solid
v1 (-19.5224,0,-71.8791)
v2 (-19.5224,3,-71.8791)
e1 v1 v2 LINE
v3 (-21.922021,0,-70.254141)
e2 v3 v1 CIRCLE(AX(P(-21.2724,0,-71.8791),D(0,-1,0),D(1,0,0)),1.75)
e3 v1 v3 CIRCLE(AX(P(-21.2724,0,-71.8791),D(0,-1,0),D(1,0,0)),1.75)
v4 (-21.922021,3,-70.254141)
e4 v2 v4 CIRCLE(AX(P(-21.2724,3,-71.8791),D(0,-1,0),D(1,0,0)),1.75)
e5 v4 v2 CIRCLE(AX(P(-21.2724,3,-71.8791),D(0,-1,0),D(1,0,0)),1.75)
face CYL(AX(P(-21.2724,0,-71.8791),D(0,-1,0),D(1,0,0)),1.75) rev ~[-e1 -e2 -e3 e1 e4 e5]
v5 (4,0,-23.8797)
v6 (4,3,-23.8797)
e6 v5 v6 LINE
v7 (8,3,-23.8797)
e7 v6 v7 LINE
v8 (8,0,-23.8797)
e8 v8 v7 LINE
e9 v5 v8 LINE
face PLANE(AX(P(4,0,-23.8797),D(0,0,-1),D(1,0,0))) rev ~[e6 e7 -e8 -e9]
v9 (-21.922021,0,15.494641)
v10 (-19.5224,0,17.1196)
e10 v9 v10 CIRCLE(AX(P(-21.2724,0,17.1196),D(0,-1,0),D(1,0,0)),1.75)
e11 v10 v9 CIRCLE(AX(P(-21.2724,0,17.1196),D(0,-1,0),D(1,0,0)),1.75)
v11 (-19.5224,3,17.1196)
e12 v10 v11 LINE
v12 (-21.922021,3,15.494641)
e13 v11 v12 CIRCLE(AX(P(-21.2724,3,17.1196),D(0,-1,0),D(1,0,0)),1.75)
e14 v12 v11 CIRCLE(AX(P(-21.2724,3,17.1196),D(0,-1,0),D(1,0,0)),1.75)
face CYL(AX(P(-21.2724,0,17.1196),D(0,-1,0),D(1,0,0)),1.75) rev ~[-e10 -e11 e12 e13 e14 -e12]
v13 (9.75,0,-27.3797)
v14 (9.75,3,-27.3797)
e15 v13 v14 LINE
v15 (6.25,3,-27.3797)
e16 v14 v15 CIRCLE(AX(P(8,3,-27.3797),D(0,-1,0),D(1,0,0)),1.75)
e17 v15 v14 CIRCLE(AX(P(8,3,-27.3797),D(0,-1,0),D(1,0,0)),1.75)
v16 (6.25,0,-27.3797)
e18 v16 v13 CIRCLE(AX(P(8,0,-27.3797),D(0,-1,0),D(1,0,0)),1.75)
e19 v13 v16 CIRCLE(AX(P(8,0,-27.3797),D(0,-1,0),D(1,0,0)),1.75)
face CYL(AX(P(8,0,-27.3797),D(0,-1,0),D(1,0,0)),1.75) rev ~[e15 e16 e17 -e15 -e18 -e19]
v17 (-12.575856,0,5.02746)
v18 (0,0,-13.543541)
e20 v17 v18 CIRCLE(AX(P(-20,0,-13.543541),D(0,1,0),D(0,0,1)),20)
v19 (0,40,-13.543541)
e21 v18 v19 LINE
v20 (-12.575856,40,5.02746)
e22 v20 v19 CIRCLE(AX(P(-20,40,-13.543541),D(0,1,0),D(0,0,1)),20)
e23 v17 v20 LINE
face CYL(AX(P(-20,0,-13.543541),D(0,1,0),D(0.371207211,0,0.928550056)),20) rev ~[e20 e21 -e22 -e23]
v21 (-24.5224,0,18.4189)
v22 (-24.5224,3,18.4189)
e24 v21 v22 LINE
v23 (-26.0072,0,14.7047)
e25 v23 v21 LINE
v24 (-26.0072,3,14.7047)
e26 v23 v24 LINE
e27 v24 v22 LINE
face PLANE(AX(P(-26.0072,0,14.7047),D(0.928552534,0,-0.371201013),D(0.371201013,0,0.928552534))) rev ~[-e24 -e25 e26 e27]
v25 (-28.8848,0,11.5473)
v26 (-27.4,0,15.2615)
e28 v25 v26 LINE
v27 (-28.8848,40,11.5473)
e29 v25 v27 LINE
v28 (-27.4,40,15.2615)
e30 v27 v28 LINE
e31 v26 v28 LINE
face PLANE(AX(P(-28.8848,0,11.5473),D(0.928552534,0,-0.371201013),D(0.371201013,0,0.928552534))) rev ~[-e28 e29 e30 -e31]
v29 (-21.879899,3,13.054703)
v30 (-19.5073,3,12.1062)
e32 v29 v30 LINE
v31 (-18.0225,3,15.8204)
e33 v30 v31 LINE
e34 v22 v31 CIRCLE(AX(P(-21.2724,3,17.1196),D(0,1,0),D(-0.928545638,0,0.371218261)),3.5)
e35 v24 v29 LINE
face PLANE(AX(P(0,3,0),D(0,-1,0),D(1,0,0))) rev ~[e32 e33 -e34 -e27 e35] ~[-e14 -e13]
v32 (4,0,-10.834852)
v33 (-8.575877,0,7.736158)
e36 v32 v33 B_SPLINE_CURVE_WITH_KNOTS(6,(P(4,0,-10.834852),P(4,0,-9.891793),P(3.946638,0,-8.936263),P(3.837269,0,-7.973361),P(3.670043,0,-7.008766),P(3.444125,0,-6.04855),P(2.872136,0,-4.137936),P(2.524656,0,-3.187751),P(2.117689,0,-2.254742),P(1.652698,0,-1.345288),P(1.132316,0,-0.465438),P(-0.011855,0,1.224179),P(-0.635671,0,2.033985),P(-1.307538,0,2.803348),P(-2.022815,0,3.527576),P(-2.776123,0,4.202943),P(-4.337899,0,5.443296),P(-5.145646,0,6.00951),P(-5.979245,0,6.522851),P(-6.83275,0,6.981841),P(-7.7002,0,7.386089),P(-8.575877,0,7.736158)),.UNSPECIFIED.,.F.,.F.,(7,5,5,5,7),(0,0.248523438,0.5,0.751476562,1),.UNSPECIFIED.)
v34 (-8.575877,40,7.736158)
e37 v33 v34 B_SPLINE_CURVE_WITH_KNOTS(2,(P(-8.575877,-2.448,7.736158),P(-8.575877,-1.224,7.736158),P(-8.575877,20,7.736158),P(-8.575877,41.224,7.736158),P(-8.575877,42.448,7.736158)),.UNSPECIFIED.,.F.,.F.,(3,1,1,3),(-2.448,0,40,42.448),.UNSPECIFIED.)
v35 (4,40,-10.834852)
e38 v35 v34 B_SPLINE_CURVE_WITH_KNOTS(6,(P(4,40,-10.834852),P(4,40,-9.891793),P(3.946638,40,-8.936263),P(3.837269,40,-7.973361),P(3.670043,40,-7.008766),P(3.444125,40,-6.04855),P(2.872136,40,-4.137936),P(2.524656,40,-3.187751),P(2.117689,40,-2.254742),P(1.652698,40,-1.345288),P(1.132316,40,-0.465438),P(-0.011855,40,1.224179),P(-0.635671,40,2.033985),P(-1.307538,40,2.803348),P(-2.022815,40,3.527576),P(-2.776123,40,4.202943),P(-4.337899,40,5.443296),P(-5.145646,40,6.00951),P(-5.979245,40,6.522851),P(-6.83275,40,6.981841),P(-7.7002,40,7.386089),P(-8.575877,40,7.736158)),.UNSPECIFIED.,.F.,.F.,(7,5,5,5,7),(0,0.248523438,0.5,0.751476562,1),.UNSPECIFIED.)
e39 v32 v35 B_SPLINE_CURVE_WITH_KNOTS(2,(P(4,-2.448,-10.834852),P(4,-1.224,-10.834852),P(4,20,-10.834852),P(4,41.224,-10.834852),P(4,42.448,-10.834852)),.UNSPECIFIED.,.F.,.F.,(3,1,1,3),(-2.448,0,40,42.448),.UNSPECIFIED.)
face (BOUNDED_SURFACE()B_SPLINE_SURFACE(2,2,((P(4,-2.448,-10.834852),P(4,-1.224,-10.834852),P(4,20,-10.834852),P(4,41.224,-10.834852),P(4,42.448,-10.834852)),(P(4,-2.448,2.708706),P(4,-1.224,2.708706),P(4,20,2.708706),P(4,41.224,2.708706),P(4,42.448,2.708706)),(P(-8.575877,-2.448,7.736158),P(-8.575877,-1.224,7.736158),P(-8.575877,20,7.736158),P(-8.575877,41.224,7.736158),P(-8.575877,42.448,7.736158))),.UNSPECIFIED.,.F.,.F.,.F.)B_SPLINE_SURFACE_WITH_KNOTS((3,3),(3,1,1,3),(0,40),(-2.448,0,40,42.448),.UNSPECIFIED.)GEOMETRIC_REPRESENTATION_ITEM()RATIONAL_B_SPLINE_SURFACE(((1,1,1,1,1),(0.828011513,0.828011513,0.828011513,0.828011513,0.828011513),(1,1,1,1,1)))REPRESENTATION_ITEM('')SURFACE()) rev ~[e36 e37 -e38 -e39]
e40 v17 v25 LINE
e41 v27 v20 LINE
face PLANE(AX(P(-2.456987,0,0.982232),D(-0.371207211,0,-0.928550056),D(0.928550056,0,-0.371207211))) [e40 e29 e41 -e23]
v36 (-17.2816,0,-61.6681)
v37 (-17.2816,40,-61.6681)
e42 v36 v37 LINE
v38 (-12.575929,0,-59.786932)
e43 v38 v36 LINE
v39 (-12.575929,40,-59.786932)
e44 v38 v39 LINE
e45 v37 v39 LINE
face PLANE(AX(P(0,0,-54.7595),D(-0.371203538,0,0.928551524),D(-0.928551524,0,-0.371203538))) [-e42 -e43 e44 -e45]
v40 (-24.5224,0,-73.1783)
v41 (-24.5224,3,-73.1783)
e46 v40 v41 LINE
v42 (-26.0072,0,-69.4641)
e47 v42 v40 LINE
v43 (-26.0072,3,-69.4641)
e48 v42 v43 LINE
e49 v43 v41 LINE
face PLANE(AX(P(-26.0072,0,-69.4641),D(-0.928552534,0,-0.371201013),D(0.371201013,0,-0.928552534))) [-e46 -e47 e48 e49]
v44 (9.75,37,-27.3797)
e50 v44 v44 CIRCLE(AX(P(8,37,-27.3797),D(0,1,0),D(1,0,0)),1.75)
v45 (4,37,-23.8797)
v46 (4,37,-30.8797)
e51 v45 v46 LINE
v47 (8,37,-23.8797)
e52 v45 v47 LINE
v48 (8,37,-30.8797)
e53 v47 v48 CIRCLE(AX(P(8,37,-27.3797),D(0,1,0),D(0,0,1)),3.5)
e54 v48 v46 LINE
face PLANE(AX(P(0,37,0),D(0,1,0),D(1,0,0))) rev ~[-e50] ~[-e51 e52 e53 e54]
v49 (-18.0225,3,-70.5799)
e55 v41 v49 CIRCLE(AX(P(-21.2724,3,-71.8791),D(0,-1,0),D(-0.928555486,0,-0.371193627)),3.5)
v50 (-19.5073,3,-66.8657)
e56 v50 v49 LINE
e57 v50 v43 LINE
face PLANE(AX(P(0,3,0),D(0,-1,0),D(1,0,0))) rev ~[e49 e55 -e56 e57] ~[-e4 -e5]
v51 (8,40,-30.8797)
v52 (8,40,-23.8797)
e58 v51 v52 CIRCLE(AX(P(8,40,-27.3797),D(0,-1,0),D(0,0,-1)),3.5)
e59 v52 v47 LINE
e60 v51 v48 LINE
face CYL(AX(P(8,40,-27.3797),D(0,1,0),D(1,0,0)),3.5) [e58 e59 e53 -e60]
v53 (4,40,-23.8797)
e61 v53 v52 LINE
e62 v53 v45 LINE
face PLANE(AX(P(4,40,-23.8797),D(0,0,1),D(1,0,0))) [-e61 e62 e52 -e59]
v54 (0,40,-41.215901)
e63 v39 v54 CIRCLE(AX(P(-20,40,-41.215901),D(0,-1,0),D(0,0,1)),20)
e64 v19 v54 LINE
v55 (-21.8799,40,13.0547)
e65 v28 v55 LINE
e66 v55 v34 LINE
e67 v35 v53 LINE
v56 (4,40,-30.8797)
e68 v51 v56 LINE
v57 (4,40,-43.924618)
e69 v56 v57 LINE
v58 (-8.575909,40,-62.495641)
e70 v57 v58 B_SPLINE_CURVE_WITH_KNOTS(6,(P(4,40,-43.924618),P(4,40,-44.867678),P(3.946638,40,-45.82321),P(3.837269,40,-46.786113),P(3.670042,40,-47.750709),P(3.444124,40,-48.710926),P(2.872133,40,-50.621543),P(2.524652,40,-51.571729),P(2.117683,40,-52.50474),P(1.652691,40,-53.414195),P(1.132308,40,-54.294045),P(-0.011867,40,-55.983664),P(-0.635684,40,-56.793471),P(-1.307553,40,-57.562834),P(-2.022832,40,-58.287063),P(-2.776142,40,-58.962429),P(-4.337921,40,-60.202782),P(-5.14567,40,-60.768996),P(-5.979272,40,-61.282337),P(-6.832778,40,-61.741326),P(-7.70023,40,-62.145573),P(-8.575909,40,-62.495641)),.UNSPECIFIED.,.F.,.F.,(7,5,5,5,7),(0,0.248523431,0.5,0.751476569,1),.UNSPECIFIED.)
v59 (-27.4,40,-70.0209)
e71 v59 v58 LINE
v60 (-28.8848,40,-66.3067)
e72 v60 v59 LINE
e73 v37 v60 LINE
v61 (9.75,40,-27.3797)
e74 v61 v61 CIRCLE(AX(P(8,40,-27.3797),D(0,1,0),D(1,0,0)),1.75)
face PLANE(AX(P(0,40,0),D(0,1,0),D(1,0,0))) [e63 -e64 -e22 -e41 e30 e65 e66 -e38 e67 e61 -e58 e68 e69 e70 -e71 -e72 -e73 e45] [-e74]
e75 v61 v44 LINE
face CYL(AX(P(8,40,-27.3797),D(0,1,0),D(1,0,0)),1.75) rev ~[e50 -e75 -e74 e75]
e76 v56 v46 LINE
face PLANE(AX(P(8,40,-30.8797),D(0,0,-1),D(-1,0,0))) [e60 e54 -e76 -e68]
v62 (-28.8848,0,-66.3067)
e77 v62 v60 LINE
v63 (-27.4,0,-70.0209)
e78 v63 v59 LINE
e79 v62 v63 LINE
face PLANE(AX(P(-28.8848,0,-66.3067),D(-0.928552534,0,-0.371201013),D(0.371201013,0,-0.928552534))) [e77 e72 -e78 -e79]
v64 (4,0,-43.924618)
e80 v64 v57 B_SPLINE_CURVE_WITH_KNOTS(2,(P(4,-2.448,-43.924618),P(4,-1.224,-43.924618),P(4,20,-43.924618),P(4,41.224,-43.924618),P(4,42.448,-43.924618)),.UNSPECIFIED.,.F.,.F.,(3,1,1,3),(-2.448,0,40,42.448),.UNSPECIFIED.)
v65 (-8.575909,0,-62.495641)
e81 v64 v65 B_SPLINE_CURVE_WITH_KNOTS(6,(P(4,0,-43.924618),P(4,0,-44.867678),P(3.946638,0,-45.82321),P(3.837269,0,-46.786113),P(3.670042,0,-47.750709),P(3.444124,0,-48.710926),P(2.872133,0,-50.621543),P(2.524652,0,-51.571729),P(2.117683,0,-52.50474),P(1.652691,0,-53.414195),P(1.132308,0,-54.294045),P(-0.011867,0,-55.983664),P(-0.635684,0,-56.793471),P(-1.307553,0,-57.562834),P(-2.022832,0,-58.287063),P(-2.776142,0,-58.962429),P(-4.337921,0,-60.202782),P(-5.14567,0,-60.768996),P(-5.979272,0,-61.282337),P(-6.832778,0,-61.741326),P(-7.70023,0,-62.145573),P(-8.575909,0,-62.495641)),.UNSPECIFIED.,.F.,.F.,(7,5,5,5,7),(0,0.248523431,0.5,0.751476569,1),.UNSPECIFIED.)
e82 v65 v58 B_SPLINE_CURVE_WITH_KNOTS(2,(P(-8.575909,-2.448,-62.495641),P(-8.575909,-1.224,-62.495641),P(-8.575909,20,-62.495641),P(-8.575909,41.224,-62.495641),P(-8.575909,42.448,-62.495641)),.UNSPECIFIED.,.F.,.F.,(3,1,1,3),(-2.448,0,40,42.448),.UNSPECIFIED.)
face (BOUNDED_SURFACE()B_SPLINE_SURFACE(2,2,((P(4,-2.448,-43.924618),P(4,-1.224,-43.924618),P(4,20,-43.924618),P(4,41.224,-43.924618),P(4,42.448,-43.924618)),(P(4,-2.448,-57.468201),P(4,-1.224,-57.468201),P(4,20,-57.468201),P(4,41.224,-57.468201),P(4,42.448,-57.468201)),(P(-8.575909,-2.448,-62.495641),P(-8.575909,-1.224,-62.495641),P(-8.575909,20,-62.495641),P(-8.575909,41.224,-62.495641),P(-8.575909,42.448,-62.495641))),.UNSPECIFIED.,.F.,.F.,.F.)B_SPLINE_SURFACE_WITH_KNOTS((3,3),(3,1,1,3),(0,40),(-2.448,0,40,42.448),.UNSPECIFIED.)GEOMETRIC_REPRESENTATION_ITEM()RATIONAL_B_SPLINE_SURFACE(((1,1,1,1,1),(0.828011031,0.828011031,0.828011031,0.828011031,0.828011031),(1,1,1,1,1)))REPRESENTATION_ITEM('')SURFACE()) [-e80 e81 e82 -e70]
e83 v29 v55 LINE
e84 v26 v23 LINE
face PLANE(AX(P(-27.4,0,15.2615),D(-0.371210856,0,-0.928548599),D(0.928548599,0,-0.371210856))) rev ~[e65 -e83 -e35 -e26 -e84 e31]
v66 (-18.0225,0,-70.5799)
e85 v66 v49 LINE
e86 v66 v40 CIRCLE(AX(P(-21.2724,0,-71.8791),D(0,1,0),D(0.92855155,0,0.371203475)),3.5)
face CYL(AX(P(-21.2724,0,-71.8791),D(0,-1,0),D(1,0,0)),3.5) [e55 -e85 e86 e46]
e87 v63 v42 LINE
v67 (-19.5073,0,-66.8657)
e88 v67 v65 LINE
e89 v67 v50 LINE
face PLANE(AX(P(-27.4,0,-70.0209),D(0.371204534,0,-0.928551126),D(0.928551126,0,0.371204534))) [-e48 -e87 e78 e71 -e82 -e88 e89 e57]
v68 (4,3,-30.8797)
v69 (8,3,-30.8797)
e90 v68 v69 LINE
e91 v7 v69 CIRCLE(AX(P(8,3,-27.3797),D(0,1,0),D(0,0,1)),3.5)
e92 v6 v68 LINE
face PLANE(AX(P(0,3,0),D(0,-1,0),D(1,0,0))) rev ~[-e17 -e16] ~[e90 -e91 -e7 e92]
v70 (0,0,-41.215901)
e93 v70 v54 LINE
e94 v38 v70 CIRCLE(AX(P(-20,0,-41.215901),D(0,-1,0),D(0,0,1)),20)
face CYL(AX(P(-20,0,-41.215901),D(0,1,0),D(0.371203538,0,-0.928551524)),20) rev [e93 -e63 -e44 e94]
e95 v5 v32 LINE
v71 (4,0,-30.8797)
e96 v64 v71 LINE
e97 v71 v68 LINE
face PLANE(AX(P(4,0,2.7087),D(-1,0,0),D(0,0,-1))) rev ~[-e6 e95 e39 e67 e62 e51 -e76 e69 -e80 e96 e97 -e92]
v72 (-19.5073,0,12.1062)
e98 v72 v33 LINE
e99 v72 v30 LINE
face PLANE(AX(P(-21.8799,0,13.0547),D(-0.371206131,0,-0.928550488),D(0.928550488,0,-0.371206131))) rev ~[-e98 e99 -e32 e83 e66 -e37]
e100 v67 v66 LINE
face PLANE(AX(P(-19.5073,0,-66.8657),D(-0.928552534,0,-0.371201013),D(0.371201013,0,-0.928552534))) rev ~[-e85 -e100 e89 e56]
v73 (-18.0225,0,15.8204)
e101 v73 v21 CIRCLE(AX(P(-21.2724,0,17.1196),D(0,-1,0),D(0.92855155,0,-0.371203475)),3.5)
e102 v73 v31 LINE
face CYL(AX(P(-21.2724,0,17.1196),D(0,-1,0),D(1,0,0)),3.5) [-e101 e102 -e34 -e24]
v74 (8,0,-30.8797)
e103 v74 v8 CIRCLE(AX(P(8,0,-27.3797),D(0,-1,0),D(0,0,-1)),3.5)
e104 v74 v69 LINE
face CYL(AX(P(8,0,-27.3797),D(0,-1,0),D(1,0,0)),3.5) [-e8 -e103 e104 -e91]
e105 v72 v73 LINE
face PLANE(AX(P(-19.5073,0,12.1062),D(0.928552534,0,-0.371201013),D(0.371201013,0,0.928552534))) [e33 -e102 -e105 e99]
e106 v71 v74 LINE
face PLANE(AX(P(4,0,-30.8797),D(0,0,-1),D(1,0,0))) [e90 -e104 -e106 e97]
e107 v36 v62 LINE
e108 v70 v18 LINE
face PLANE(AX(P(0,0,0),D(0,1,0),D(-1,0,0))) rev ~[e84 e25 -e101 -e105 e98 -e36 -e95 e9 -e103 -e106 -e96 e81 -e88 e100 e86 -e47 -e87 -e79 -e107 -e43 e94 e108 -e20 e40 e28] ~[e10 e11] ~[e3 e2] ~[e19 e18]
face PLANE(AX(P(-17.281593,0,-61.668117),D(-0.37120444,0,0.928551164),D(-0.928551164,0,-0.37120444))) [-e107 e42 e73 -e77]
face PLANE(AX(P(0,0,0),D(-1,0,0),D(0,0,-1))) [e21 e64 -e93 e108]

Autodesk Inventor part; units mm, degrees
ref_plane "YZ Plane" through (0, 0, 0) normal (1, 0, 0) x (0, 1, 0)
ref_plane "XZ Plane" through (0, 0, 0) normal (0, 1, 0) x (-1, 0, 0)
ref_plane "XY Plane" through (0, 0, 0) normal (0, 0, 1) x (1, 0, 0)
sketch "Sketch1" plane through (0, 0, 0) normal (0, 1, 0) x (-1, 0, 0)
  line L0 (0, 0) -> (0, -54.7595)
  line L1 (0, -54.7595) -> (17.2816, -61.6681)
  line L2 (0, -54.7595) -> (18.6114, -54.7595) construction
  line L3 (0, -54.7595) -> (28.8848, -66.3067)
  line L4 (28.8848, -66.3067) -> (28.8848, -54.7595)
  line L5 (28.8848, -54.7595) -> (28.8848, 0)
  line L6 (28.8848, 0) -> (28.8848, 11.5473)
  line L7 (28.8848, 11.5473) -> (0, 0)
  line L8 (0, -50.5358) -> (-4, -50.5358)
  line L9 (3.9418, -56.3353) -> (2.457, -60.0495)
  line L10 (2.457, -60.0495) -> (-4, -57.4682)
  line L11 (-4, -57.4682) -> (-4, -50.5358)
  line L12 (28.8848, -66.3067) -> (27.4, -70.0209)
  line L13 (27.4, -70.0209) -> (2.457, -60.0495)
  line L14 (0, -3.5872) -> (-4, -3.5872)
  line L15 (-4, -3.5872) -> (-4, -50.5358)
  line L16 (2.457, 0.9822) -> (0.9721, 4.6964)
  line L17 (0.9721, 4.6964) -> (-4, 2.7087)
  line L18 (-4, 2.7087) -> (-4, -3.5872)
  line L19 (23.3647, 9.3405) -> (21.8799, 13.0547)
  line L20 (21.8799, 13.0547) -> (0.9721, 4.6964)
  line L21 (28.8848, 11.5473) -> (27.4, 15.2615)
  line L22 (27.4, 15.2615) -> (21.8799, 13.0547)
  dimension "d0" = 54.7595
  dimension "d1" = 21.79
  dimension "d2" = 31.1075
  dimension "d3" = 11.5473
  dimension "d4" = 11.5473
  dimension "d5" = 4
  dimension "d6" = 4
  dimension "d7" = 4
extrude "Extrusion1" add sketch "Sketch1" along normal blind 40 contours L0 L14 L18 L17 L16 L7 | L0 L8 L15 L14 | L16 L20 L19 L7 | L0 L1 L9 L10 L11 L8 | L19 L22 L21 L7 | L1 L3 L12 L13 L9
sketch "Sketch2" plane through (0, 0, 0) normal (0, -1, 0) x (1, 0, 0)
  line L0 (0, -54.7595) -> (0, 0) projected
  line L1 (0, -27.3797) -> (8, -27.3797)
  circle A0 centre (8, -27.3797) radius 1.75
  circle A1 centre (8, -27.3797) radius 3.5
  line L2 (4, 2.7087) -> (4, -57.4682) projected
  line L3 (4, -27.3797) -> (4, -30.8797)
  line L4 (4, -30.8797) -> (8, -30.8797)
  line L5 (4, -27.3797) -> (4, -23.8797)
  line L6 (4, -23.8797) -> (8, -23.8797)
  line L7 (-27.4, -70.0209) -> (-28.8848, -66.3067) projected
  line L8 (-28.8848, -66.3067) -> (-27.0288, -70.9495)
  line L9 (-27.0288, -70.9495) -> (-28.8848, -66.3067)
  line L10 (-28.8848, -66.3067) -> (-24.2421, -64.4507)
  line L11 (-24.2421, -64.4507) -> (-21.2724, -71.8791)
  circle A2 centre (-21.2724, -71.8791) radius 1.75
  circle A3 centre (-21.2724, -71.8791) radius 3.5
  line L12 (4, -57.4682) -> (-27.4, -70.0209) projected
  line L13 (-22.7573, -68.1649) -> (-26.0072, -69.4641)
  line L14 (-26.0072, -69.4641) -> (-24.5224, -73.1783)
  line L15 (-22.7573, -68.1649) -> (-19.5073, -66.8657)
  line L16 (-19.5073, -66.8657) -> (-18.0225, -70.5799)
  line L17 (-28.8848, 11.5473) -> (-24.2421, 9.6912)
  line L18 (0, 0) -> (-28.8848, 11.5473) projected
  line L19 (-24.2421, 9.6912) -> (-21.2724, 17.1196)
  circle A4 centre (-21.2724, 17.1196) radius 1.75
  circle A5 centre (-21.2724, 17.1196) radius 3.5
  line L20 (-27.4, 15.2615) -> (4, 2.7087) projected
  line L21 (-22.7573, 13.4054) -> (-26.0072, 14.7047)
  line L22 (-26.0072, 14.7047) -> (-24.5224, 18.4189)
  line L23 (-22.7573, 13.4054) -> (-19.5073, 12.1062)
  line L24 (-19.5073, 12.1062) -> (-18.0225, 15.8204)
  dimension "d10" = 8
  dimension "d11" = 3.5
  dimension "d12" = 7
  dimension "d13" = 5
  dimension "d14" = 5
  dimension "d15" = 8
  dimension "d16" = 3.5
  dimension "d17" = 7
  dimension "d18" = 3.5
  dimension "d19" = 3.5
  dimension "d20" = 5
  dimension "d21" = 3.5
  dimension "d22" = 7
  dimension "d23" = 3.5
extrude "Extrusion2" add sketch "Sketch2" against normal blind 3 contours L16 A3 L11 L12 | L2 L6 A1 L1 | L1 A1 L4 L2 | A1 | L20 L22 A5 L19 | L19 A5 L24 L20 | A5 | L11 A3 L14 L12 | A3
sketch "Sketch3" plane through (0, 40, 0) normal (0, 1, 0) x (1, 0, 0)
  line L0 (4, 23.8797) -> (4, 30.8797) projected
  line L1 (4, 27.3797) -> (4, 30.8797)
  line L2 (8, 30.8797) -> (4, 30.8797) projected
  line L3 (4, 30.8797) -> (8, 30.8797)
  line L4 (4, 27.3797) -> (4, 23.8797)
  line L5 (4, 23.8797) -> (8, 23.8797) projected
  line L6 (4, 23.8797) -> (8, 23.8797)
  circle A0 centre (8, 27.3797) radius 1.75 projected
  circle A1 centre (8, 27.3797) radius 1.75
  circle A2 centre (8, 27.3797) radius 3.5
  point P0 (0, 0)
extrude "Extrusion3" add sketch "Sketch3" against normal blind 3 contours A2
sketch "Sketch4" plane through (0, 40, 0) normal (0, 1, 0) x (1, 0, 0)
  line L0 (4, 23.8797) -> (4, 30.8797) projected
  line L1 (4, 23.8797) -> (8, 23.8797)
  circle A0 centre (8, 27.3797) radius 3.5 projected
  line L2 (8, 30.8797) -> (4, 30.8797) projected
  line L3 (4, 30.8797) -> (8, 30.8797)
  point P0 (0, 0)
extrude "Extrusion4" add sketch "Sketch4" against normal blind 3 contours L0 L2 A0 L1
sketch "Sketch5" plane through (0, 40, 0) normal (0, 1, 0) x (1, 0, 0)
  point P0 (0, 0)
fillet "Fillet1" radius 20 4 edges at (0, 20, 0) (0, 20, -54.7595) (4, 20, 2.7087) (4, 20, -57.4682)
properties part number "Capture Zone4"
